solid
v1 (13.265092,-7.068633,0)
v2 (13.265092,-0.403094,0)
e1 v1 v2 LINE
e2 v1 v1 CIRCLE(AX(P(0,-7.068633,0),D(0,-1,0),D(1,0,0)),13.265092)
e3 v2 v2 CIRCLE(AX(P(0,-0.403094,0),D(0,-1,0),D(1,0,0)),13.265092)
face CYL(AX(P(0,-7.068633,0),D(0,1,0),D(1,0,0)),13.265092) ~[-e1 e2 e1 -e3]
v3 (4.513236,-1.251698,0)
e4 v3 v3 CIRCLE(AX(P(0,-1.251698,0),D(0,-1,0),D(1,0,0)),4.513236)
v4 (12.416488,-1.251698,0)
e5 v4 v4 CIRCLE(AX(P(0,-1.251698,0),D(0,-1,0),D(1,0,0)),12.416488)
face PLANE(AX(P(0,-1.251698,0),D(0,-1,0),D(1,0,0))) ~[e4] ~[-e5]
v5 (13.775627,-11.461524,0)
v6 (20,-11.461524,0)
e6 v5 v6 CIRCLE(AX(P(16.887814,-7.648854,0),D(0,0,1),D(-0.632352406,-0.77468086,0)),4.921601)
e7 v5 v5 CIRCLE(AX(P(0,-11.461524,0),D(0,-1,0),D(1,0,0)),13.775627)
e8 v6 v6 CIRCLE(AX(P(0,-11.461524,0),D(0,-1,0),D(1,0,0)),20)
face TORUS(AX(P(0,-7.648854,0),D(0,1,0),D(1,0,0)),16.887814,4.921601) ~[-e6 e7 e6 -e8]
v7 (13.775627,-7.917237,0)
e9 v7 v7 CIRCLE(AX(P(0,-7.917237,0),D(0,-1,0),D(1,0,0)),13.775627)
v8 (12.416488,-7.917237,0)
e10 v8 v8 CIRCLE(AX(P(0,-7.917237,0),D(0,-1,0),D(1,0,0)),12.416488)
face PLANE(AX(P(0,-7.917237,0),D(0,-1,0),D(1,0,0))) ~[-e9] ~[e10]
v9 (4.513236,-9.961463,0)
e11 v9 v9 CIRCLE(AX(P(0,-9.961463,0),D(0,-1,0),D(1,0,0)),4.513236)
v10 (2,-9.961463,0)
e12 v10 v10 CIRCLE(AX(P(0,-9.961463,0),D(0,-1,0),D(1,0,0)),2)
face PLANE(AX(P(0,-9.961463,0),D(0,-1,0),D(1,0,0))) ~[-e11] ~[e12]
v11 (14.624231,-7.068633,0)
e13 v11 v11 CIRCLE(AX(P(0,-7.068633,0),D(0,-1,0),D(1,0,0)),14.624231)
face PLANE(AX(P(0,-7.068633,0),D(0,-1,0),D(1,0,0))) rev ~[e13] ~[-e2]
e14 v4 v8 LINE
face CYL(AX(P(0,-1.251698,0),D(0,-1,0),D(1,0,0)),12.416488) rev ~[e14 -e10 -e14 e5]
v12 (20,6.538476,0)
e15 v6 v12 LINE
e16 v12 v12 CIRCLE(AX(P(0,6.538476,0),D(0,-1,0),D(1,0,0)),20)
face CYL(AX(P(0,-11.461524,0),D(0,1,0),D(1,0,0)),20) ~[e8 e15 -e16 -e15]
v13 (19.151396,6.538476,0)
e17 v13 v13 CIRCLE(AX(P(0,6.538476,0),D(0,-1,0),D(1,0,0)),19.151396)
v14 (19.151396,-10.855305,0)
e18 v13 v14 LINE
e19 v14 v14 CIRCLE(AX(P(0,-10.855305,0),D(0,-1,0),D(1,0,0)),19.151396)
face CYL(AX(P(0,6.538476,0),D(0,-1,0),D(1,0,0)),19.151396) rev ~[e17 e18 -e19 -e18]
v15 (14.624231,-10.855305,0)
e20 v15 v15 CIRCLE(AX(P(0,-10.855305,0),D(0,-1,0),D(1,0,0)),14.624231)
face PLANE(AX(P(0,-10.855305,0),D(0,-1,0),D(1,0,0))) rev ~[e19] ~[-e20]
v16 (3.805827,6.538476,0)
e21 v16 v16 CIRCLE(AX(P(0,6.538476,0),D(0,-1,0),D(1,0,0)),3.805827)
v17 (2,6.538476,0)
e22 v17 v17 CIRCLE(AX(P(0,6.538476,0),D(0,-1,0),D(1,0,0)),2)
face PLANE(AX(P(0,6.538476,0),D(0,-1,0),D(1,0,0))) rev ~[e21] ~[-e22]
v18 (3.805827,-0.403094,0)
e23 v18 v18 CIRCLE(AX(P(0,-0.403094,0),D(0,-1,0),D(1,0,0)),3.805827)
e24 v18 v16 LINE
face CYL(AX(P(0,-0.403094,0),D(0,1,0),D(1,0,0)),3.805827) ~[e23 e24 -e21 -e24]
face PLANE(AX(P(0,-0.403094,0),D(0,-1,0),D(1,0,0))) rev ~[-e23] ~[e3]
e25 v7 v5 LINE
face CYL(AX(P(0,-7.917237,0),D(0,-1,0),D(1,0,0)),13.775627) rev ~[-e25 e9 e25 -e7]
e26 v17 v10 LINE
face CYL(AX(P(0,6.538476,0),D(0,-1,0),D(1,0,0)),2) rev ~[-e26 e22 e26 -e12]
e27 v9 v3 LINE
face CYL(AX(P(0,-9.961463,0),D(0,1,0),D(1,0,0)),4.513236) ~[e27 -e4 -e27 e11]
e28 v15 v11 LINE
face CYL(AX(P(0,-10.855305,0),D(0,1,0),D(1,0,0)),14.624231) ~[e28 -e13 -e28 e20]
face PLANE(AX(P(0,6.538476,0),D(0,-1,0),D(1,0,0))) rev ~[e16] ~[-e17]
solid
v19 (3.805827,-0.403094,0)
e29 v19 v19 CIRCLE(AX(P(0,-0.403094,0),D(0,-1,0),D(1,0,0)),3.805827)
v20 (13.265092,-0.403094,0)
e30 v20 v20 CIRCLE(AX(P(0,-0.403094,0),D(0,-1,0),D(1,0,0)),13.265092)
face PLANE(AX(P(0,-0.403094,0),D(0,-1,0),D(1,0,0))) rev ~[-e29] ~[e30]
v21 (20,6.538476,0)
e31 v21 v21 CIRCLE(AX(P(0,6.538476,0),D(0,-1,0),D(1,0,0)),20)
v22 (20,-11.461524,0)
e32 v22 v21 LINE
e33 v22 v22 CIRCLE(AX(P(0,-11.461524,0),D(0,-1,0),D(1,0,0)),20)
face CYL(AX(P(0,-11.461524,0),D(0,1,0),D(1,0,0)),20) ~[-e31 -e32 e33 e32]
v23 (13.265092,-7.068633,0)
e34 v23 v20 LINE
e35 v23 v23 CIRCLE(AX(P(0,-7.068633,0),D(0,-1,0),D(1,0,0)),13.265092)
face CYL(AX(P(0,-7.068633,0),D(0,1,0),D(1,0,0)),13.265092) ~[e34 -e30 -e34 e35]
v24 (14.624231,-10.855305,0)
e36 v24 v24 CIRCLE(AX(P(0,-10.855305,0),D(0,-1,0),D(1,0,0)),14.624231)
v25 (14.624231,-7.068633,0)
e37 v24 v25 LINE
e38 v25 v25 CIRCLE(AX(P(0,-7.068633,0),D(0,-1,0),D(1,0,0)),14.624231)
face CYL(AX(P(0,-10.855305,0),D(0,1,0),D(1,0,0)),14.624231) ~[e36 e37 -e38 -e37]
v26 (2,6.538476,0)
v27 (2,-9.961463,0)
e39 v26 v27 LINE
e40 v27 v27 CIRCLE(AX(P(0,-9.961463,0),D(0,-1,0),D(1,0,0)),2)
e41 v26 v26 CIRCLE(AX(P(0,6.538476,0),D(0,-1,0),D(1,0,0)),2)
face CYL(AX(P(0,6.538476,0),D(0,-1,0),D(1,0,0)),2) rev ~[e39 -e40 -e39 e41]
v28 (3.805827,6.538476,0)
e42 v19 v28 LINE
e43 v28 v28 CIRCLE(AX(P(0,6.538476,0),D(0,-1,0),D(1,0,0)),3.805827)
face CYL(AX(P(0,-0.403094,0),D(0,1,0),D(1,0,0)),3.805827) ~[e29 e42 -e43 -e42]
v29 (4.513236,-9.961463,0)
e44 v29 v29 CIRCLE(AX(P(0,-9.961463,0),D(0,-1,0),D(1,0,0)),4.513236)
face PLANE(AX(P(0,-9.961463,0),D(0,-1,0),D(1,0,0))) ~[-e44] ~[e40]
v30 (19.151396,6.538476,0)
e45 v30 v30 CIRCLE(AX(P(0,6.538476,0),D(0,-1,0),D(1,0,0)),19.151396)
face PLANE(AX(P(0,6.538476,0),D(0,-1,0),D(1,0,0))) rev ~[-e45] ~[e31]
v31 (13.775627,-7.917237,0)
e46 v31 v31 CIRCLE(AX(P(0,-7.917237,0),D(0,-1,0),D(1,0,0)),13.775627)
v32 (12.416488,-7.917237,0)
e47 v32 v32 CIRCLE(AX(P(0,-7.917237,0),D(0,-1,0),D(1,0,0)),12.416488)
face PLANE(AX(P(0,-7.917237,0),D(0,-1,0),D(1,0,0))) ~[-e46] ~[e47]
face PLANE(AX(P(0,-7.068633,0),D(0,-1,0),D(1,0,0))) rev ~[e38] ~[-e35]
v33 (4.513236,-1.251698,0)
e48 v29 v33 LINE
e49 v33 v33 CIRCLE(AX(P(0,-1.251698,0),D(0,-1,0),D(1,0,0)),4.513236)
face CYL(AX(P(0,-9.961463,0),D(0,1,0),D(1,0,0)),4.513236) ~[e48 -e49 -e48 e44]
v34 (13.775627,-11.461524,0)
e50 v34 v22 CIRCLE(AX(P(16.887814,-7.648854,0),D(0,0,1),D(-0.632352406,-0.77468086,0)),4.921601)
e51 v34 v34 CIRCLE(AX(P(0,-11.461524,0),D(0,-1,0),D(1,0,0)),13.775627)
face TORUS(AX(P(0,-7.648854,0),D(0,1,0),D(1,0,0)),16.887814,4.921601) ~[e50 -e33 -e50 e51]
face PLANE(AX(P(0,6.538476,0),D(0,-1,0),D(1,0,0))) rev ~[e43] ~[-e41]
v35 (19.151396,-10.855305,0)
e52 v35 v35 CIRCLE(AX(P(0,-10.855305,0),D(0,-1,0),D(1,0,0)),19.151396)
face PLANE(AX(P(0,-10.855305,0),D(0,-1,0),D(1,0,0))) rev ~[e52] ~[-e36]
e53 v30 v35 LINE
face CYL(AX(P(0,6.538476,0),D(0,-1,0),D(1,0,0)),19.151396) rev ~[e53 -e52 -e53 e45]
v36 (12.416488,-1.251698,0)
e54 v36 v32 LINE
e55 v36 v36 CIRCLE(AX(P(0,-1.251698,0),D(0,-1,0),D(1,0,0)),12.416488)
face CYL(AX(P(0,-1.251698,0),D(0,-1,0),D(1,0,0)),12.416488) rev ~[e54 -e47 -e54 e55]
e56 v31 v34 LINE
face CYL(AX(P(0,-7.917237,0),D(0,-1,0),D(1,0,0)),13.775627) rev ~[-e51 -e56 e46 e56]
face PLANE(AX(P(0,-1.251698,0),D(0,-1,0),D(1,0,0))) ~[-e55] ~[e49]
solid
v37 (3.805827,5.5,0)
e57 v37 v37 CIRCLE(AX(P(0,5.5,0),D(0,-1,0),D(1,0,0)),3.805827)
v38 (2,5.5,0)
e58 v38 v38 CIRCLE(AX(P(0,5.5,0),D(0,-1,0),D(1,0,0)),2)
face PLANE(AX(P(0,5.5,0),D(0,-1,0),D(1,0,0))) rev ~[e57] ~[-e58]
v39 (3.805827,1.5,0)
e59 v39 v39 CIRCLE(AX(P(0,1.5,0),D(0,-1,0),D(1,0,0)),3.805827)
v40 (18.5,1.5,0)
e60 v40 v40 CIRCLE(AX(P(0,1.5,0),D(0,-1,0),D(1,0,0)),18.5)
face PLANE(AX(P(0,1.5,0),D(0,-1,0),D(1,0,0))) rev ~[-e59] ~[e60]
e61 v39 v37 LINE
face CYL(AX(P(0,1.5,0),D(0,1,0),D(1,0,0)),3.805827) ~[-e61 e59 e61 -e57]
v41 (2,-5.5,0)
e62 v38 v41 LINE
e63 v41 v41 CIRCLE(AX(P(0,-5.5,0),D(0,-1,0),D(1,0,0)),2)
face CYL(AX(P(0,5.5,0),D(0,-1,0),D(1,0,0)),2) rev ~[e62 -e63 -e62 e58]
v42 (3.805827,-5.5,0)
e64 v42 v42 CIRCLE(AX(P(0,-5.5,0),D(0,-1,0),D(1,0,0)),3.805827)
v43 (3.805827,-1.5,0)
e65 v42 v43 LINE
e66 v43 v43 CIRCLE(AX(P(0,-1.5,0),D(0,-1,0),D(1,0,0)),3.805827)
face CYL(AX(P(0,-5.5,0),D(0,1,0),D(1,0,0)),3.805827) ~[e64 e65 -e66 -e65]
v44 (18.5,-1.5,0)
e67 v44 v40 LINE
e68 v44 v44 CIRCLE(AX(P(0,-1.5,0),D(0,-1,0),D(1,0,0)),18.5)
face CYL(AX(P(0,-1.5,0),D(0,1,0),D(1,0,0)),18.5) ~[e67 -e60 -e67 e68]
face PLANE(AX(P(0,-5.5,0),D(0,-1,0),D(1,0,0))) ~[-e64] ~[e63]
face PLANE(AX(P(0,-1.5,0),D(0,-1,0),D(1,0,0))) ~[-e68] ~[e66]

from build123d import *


with BuildPart() as f1:
    # F0 (on Top) → F1 (revolve)
    with BuildSketch(Plane.XY):
        with BuildLine():
            Line((3.805827, 6.538476), (2, 6.538476))
            Line((2, 6.538476), (2, -9.961463))
            Line((2, -9.961463), (4.513236, -9.961463))
            Line((4.513236, -9.961463), (4.513236, -1.251698))
            Line((4.513236, -1.251698), (12.416488, -1.251698))
            Line((12.416488, -1.251698), (12.416488, -7.917237))
            Line((12.416488, -7.917237), (13.775627, -7.917237))
            Line((13.775627, -7.917237), (13.775627, -11.461524))
            ThreePointArc((13.775627, -11.461524), (16.887813, -12.570455), (20, -11.461524))
            Line((20, -11.461524), (20, 6.538476))
            Line((20, 6.538476), (19.151396, 6.538476))
            Line((19.151396, 6.538476), (19.151396, -10.855305))
            Line((19.151396, -10.855305), (14.624231, -10.855305))
            Line((14.624231, -10.855305), (14.624231, -7.068633))
            Line((14.624231, -7.068633), (13.265092, -7.068633))
            Line((13.265092, -7.068633), (13.265092, -0.403094))
            Line((13.265092, -0.403094), (3.805827, -0.403094))
            Line((3.805827, -0.403094), (3.805827, 6.538476))
        make_face()
    revolve(axis=Axis((0, -1.518788, 0), (0, -1, 0)))


with BuildPart() as f3:
    # F0 (on Top) → F3 (revolve)
    with BuildSketch(Plane.XY):
        with BuildLine():
            Line((3.805827, 6.538476), (2, 6.538476))
            Line((2, 6.538476), (2, -9.961463))
            Line((2, -9.961463), (4.513236, -9.961463))
            Line((4.513236, -9.961463), (4.513236, -1.251698))
            Line((4.513236, -1.251698), (12.416488, -1.251698))
            Line((12.416488, -1.251698), (12.416488, -7.917237))
            Line((12.416488, -7.917237), (13.775627, -7.917237))
            Line((13.775627, -7.917237), (13.775627, -11.461524))
            ThreePointArc((13.775627, -11.461524), (16.887813, -12.570455), (20, -11.461524))
            Line((20, -11.461524), (20, 6.538476))
            Line((20, 6.538476), (19.151396, 6.538476))
            Line((19.151396, 6.538476), (19.151396, -10.855305))
            Line((19.151396, -10.855305), (14.624231, -10.855305))
            Line((14.624231, -10.855305), (14.624231, -7.068633))
            Line((14.624231, -7.068633), (13.265092, -7.068633))
            Line((13.265092, -7.068633), (13.265092, -0.403094))
            Line((13.265092, -0.403094), (3.805827, -0.403094))
            Line((3.805827, -0.403094), (3.805827, 6.538476))
        make_face()
    revolve(axis=Axis((0, -1.518788, 0), (0, -1, 0)))


with BuildPart() as f4:
    # F2 (on Top) → F4 (revolve)
    with BuildSketch(Plane.XY):
        Polygon((3.805827, 5.5), (2, 5.5), (2, -5.5), (3.805827, -5.5), (3.805827, -1.5), (18.5, -1.5), (18.5, 1.5), (3.805827, 1.5), align=None)
    revolve(axis=Axis((0, -1.518788, 0), (0, -1, 0)))


solid = Compound([f1.part, f3.part, f4.part])
